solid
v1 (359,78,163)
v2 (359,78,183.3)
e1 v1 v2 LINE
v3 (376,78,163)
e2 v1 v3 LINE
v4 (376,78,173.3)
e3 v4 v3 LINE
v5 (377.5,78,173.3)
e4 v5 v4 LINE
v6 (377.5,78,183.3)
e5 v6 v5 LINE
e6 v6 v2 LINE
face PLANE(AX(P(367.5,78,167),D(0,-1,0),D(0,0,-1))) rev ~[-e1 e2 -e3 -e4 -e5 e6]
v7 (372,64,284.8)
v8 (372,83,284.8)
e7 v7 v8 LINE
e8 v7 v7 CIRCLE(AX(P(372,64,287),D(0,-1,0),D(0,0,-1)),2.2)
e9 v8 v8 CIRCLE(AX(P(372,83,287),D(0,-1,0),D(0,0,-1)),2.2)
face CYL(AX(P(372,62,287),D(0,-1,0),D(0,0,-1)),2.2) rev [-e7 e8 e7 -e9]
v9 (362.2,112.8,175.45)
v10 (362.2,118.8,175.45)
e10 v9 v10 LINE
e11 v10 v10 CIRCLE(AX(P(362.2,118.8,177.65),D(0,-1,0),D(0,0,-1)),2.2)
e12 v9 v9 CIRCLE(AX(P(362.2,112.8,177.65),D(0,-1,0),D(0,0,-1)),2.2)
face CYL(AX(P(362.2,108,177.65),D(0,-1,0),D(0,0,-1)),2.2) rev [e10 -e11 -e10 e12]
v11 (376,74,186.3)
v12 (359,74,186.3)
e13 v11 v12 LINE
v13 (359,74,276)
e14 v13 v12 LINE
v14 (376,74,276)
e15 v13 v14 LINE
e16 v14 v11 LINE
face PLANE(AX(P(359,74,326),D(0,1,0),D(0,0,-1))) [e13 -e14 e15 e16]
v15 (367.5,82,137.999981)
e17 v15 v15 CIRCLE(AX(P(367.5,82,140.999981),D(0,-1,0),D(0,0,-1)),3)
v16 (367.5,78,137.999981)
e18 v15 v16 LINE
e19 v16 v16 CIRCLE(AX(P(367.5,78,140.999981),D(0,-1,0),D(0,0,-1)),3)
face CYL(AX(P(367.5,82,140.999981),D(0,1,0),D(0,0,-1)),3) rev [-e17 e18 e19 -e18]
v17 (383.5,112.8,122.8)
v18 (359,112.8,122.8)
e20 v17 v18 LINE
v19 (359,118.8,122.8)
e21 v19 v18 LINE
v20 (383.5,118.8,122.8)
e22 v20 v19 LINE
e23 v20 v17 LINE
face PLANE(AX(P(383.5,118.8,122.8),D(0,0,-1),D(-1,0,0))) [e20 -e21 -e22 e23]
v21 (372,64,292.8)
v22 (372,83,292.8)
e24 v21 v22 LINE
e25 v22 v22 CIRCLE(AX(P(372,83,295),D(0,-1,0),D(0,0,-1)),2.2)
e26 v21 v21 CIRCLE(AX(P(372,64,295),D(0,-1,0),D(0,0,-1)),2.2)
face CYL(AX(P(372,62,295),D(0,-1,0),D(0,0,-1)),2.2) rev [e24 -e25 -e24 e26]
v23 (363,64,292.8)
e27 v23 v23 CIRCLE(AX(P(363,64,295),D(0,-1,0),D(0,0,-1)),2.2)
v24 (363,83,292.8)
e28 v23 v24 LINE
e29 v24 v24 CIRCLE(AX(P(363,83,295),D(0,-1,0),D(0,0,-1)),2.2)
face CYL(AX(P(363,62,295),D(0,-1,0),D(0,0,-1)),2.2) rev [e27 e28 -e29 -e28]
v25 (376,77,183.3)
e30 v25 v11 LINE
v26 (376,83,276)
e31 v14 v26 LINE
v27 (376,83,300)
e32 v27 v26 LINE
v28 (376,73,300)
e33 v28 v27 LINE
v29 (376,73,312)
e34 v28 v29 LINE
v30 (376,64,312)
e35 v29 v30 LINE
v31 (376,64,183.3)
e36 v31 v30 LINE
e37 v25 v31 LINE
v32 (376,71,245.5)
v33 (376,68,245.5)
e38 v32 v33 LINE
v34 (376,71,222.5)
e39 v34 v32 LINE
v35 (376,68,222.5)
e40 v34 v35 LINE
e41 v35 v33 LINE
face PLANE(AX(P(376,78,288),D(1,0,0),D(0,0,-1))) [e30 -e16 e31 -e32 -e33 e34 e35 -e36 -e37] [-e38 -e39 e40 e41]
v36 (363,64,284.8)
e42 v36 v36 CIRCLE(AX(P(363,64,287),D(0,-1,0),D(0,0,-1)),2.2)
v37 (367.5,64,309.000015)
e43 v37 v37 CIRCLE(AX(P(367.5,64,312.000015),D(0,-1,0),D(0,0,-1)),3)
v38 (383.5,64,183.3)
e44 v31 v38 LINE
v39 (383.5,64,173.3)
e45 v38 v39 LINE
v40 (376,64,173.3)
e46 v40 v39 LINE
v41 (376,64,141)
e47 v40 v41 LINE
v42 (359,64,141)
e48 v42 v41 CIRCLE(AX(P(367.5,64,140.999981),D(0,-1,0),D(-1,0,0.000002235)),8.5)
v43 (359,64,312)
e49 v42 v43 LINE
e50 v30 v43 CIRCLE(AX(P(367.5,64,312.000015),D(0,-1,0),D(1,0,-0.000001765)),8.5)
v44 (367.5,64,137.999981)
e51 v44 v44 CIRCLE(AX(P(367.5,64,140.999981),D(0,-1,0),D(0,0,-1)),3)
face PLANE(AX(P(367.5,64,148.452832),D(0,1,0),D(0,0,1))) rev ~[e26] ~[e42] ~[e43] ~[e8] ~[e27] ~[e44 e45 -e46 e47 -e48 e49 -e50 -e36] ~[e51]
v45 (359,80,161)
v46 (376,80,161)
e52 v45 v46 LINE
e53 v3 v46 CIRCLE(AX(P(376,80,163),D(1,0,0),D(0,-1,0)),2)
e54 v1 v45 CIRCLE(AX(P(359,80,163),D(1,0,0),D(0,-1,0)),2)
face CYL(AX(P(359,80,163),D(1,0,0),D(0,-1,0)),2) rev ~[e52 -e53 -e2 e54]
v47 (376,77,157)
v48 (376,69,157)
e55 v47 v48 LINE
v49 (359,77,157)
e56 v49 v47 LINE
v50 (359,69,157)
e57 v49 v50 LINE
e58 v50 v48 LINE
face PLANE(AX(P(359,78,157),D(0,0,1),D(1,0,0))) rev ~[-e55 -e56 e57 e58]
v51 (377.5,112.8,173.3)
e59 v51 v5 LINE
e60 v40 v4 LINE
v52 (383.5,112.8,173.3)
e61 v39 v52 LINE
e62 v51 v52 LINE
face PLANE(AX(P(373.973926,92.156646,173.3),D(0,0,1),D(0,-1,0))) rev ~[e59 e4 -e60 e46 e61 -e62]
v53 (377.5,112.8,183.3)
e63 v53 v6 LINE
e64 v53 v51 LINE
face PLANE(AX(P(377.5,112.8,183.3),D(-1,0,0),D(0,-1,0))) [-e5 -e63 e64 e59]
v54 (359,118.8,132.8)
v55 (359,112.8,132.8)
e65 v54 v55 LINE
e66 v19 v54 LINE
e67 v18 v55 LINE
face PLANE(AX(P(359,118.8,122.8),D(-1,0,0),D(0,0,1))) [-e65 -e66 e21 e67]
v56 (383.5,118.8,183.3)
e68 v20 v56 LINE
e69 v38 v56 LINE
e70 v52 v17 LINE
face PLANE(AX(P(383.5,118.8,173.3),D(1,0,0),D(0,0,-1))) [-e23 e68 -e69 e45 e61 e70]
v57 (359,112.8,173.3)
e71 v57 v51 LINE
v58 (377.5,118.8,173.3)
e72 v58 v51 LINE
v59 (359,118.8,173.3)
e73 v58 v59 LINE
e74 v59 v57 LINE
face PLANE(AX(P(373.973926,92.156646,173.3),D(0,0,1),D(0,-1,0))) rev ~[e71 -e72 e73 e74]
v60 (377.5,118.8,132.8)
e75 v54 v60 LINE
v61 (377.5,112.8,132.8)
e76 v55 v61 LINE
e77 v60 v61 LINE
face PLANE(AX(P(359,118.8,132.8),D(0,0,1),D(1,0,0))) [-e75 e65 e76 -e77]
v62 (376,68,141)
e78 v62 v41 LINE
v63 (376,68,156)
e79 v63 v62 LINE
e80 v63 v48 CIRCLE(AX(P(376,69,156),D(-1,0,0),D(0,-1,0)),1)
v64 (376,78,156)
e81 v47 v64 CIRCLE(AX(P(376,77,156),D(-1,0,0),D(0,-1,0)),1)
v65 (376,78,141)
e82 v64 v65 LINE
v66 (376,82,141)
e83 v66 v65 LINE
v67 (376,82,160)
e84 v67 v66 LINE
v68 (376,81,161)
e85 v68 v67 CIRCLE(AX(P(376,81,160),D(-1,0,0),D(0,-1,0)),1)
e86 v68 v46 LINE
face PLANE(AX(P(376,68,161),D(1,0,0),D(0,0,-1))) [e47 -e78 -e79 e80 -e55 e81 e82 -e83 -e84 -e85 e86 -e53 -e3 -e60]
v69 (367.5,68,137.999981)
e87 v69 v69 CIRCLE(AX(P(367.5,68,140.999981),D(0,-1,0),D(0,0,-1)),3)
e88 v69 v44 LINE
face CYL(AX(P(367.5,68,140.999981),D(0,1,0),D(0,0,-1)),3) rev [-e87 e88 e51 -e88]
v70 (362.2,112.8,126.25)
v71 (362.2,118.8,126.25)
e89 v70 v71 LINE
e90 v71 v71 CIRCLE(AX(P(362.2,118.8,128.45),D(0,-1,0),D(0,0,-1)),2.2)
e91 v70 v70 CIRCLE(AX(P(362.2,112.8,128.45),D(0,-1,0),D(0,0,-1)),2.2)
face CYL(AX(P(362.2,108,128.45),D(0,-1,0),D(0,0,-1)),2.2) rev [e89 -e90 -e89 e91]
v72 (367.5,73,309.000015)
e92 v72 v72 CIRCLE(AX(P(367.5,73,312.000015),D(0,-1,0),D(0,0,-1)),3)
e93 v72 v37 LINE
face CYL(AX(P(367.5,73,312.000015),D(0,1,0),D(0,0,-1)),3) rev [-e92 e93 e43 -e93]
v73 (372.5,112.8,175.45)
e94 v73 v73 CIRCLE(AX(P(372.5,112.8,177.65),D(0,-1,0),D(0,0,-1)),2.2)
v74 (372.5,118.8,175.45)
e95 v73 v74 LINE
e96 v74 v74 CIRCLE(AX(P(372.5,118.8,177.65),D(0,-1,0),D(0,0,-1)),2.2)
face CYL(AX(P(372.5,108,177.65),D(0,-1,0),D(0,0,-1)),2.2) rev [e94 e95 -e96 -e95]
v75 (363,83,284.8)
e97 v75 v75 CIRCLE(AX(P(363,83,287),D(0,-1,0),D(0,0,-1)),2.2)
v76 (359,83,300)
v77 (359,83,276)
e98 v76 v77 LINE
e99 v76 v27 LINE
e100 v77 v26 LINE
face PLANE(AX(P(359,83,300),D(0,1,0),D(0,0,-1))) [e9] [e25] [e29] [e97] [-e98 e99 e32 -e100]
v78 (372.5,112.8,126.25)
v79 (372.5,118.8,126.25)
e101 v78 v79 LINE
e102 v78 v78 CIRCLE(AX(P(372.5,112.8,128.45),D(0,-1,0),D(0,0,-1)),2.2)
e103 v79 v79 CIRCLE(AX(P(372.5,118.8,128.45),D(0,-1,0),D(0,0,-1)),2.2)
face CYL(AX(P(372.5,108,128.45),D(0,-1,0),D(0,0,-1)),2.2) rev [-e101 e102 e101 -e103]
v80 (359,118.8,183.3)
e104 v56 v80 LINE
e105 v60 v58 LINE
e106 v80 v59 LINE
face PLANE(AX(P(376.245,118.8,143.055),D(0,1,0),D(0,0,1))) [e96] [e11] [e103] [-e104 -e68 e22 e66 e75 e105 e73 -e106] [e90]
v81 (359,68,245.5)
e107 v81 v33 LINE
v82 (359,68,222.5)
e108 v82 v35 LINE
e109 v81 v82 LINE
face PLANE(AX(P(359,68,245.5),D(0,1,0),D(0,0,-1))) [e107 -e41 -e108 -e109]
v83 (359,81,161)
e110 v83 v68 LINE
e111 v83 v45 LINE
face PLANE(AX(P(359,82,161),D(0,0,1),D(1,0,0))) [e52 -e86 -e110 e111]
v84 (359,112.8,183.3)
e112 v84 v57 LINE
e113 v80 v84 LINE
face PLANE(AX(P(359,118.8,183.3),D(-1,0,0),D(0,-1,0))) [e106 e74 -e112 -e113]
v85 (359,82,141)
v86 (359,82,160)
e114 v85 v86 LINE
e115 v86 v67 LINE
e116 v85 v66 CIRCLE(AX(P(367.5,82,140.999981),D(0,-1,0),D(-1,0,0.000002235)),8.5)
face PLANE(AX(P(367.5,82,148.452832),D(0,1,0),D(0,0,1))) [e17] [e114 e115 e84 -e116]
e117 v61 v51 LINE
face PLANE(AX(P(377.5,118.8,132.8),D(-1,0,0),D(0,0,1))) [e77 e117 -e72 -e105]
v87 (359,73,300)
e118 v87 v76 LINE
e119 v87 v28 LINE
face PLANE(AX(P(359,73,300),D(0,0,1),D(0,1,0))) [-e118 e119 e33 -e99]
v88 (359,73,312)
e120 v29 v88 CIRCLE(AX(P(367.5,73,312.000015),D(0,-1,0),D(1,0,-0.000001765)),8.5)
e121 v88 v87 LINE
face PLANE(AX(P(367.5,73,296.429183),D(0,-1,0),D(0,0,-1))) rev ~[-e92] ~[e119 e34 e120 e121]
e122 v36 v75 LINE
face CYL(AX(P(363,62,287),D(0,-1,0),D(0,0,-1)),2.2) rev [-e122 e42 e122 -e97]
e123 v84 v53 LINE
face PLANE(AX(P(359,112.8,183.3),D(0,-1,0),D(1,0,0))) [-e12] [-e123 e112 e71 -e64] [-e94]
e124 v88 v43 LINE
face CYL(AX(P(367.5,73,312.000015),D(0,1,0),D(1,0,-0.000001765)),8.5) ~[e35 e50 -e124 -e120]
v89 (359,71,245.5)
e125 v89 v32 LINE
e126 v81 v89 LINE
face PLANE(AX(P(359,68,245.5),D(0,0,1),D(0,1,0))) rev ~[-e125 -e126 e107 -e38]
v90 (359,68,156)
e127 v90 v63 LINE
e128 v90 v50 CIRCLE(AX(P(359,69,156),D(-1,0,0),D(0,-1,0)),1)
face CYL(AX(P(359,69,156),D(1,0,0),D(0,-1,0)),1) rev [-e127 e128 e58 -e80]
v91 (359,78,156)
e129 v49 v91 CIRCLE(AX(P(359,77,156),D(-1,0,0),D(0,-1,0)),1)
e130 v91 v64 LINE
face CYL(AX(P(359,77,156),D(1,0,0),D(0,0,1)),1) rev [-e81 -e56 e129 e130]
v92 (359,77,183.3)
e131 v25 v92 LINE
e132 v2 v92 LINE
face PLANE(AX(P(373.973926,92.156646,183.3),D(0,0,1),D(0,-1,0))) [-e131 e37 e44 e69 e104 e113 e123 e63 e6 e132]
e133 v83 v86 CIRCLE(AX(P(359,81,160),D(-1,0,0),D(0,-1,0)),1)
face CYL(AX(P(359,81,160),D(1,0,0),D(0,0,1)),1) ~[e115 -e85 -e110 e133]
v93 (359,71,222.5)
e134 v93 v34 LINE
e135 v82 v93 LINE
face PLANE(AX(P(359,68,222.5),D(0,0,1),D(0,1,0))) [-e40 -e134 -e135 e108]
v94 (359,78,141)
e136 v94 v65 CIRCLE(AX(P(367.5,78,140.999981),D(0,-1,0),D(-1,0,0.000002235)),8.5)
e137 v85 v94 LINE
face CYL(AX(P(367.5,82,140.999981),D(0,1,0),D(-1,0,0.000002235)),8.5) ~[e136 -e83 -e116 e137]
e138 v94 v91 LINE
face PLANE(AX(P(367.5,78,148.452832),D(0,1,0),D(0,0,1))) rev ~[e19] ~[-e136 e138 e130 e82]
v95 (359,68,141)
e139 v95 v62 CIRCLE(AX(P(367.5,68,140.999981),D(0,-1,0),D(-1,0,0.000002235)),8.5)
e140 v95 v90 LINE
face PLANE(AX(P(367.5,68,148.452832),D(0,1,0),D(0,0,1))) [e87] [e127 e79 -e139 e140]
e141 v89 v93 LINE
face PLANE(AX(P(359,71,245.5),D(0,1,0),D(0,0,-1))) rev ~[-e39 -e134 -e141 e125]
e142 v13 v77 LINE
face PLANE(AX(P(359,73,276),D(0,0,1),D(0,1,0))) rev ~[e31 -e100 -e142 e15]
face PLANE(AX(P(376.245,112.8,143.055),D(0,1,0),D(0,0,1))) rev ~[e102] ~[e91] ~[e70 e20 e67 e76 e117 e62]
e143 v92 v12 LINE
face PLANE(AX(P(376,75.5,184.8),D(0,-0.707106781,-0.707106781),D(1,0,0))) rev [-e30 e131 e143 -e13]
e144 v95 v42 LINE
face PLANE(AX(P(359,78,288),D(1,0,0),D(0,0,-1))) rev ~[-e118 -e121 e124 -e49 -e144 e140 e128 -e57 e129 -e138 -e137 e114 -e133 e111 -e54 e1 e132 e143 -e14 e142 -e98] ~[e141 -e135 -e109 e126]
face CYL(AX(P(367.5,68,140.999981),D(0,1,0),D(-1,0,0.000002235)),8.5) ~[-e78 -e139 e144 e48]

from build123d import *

# Parameters (mm, degrees)
CYLINDER031_R          = 2.2
CYLINDER031_DEPTH      = 26
CYLINDER031_ROLL_ANGLE = -90
ARRAY004_X_COUNT       = 2
ARRAY004_X_PITCH       = 8
ARRAY004_Z_COUNT       = 2
ARRAY004_Z_PITCH       = 9
BOX022_W               = 24
BOX022_H               = 10
BOX022_DEPTH           = 17
SKETCH016_R            = 3
PAD016_DEPTH           = 9
BOX023_W               = 35
BOX023_H               = 15
BOX023_DEPTH           = 20
BOX014_W               = 23
BOX014_H               = 3
BOX014_DEPTH           = 20
SKETCH_R               = 3
PAD_DEPTH              = 4
SKETCH001_R            = 3
PAD001_DEPTH           = 4
BOX010_W               = 20
BOX010_H               = 17
BOX010_DEPTH           = 10
FILLET001_R            = 1
FILLET001_ROLL_ANGLE   = 90
FILLET002_1_R          = 2
FILLET002_2_R          = 1
BOX008_W               = 167
BOX008_H               = 10
BOX008_DEPTH           = 17
CYLINDER028_R          = 2.2
CYLINDER028_DEPTH      = 18
CYLINDER028_ROLL_ANGLE = -90
ARRAY_X_COUNT          = 2
ARRAY_X_PITCH          = 49.2
ARRAY_Z_COUNT          = 2
ARRAY_Z_PITCH          = 10.3
PAD008_DEPTH           = 6
PAD007_DEPTH           = 10
CHAMFER001_SIZE        = 3
CUT014_PITCH_ANGLE     = 90


with BuildPart() as taladros_suje_traccion002:
    # Cylinder031 → Cylinder031 (new body)
    with BuildSketch(Plane.XY):
        Circle(CYLINDER031_R)
    extrude(amount=CYLINDER031_DEPTH)


with BuildPart() as taladros_suje_traccion002_1:
    # Cylinder031 roll: moved
    add(taladros_suje_traccion002.part.rotate(Axis((0, 0, 0), (1, 0, 0)), CYLINDER031_ROLL_ANGLE))


with BuildPart() as taladros_suje_traccion002_2:
    # Cylinder031 placement: moved
    add(taladros_suje_traccion002_1.part.moved(Location((202, 0, 4))))

    # Array004 X: Taladros_suje_traccion002 ×2


with BuildPart() as taladros_suje_traccion002_3:
    add(taladros_suje_traccion002_2.part)
    with Locations(*[(i * ARRAY004_X_PITCH, 0, 0) for i in range(1, ARRAY004_X_COUNT)]):
        add(taladros_suje_traccion002_2.part)

    # Array004 Z: Taladros_suje_traccion002 ×2


with BuildPart() as taladros_suje_traccion002_4:
    add(taladros_suje_traccion002_3.part)
    with Locations(*[(0, 0, i * ARRAY004_Z_PITCH) for i in range(1, ARRAY004_Z_COUNT)]):
        add(taladros_suje_traccion002_3.part)


with BuildPart() as taladros_suje_traccion002_5:
    # Array004 placement: moved
    add(taladros_suje_traccion002_4.part.moved(Location((-171, -5, 0))))


with BuildPart() as suj_traccion001:
    # Box022 → Box022 (new body)
    with BuildSketch(Plane(origin=(26, 6, 0), x_dir=(1, 0, 0), z_dir=(0, 0, 1))):
        with Locations((12, 5)):
            Rectangle(BOX022_W, BOX022_H)
    extrude(amount=BOX022_DEPTH)


with BuildPart() as circulo_tibia_gancho001:
    # Sketch016 → Pad016 (new body)
    with BuildSketch(Plane(origin=(50, 6, 0), x_dir=(1, 0, 0), z_dir=(0, -1, 0))):
        with BuildLine():
            Line((0, 17), (-36, 17))
            ThreePointArc((-36, 17), (-44.500015, 8.5), (-36, 0))
            Line((-36, 0), (0, 0))
            Line((0, 0), (0, 17))
        make_face()
        with Locations((-36.000015, 8.5)):
            Circle(SKETCH016_R, mode=Mode.SUBTRACT)
    extrude(amount=PAD016_DEPTH)


with BuildPart() as resta_redondeo_punta:
    # Box023 → Box023 (new body)
    with BuildSketch(Plane(origin=(-2, -5, 0), x_dir=(1, 0, 0), z_dir=(0, 0, 1))):
        with Locations((17.5, 7.5)):
            Rectangle(BOX023_W, BOX023_H)
    extrude(amount=BOX023_DEPTH)


with BuildPart() as agarre:
    # Box014 → Box014 (new body)
    with BuildSketch(Plane(origin=(80.5, 1, 0), x_dir=(1, 0, 0), z_dir=(0, 0, 1))):
        with Locations((11.5, 1.5)):
            Rectangle(BOX014_W, BOX014_H)
    extrude(amount=BOX014_DEPTH)


with BuildPart() as ciculo_gancho1:
    # Sketch → Pad (new body)
    with BuildSketch(Plane.XY):
        with BuildLine():
            Line((0, 17), (20, 17))
            ThreePointArc((20, 0), (28.500019, 8.5), (20, 17))
            Line((20, 0), (0, 0))
            Line((0, 0), (0, 17))
        make_face()
        with Locations((20.000019, 8.5)):
            Circle(SKETCH_R, mode=Mode.SUBTRACT)
    extrude(amount=PAD_DEPTH)


with BuildPart() as ciculo_gancho2:
    # Sketch001 → Pad001 (new body)
    with BuildSketch(Plane.XY.offset(14)):
        with BuildLine():
            Line((0, 17), (20, 17))
            ThreePointArc((20, 0), (28.500019, 8.5), (20, 17))
            Line((20, 0), (0, 0))
            Line((0, 0), (0, 17))
        make_face()
        with Locations((20.000019, 8.5)):
            Circle(SKETCH001_R, mode=Mode.SUBTRACT)
    extrude(amount=PAD001_DEPTH)


with BuildPart() as gancho_femur:
    # Box010 → Box010 (new body)
    with BuildSketch(Plane(origin=(-16, 0, 4), x_dir=(1, 0, 0), z_dir=(0, 0, 1))):
        with Locations((10, 8.5)):
            Rectangle(BOX010_W, BOX010_H)
    extrude(amount=BOX010_DEPTH)

    # Fusion006: union Ciculo_gancho1, Ciculo_gancho2
    add(ciculo_gancho1.part)
    add(ciculo_gancho2.part)

    # Fillet001
    fillet001_edges = [gancho_femur.edges().sort_by_distance(p)[0] for p in [
        (0, 8.5, 18),
        (-16, 0, 9),
        (-16, 17, 9),
        (0, 8.5, 0),
    ]]
    fillet(fillet001_edges, radius=FILLET001_R)


with BuildPart() as gancho_femur_1:
    # Fillet001 roll: moved
    add(gancho_femur.part.rotate(Axis((0, 0, 0), (1, 0, 0)), FILLET001_ROLL_ANGLE))


with BuildPart() as gancho_femur_2:
    # Fillet001 placement: moved
    add(gancho_femur_1.part.moved(Location((16, 15, 0))))

    # Fillet002 1
    fillet002_1_edges = [gancho_femur_2.edges().sort_by_distance(p)[0] for p in [
        (16, 1, 8.5),
        (16, 11, 8.5),
    ]]
    fillet(fillet002_1_edges, radius=FILLET002_1_R)

    # Fillet002 2
    fillet002_2_edges = [gancho_femur_2.edges().sort_by_distance(p)[0] for p in [
        (20, 1, 8.5),
        (20, 11, 8.5),
    ]]
    fillet(fillet002_2_edges, radius=FILLET002_2_R)


with BuildPart() as gancho_femur_3:
    # Fillet002 placement: moved
    add(gancho_femur_2.part.moved(Location((149, 0, 0))))


with BuildPart() as femur_agarre:
    # Box008 → Box008 (new body)
    with BuildSketch(Plane(origin=(0, -3, 0), x_dir=(1, 0, 0), z_dir=(0, 0, 1))):
        with Locations((83.5, 5)):
            Rectangle(BOX008_W, BOX008_H)
    extrude(amount=BOX008_DEPTH)

    # Fusion007: union Gancho_femur
    add(gancho_femur_3.part)

    # Cut009: cut Agarre
    add(agarre.part, mode=Mode.SUBTRACT)


with BuildPart() as taladros_suje_motor:
    # Cylinder028 → Cylinder028 (new body)
    with BuildSketch(Plane.XY):
        Circle(CYLINDER028_R)
    extrude(amount=CYLINDER028_DEPTH)


with BuildPart() as taladros_suje_motor_1:
    # Cylinder028 roll: moved
    add(taladros_suje_motor.part.rotate(Axis((0, 0, 0), (1, 0, 0)), CYLINDER028_ROLL_ANGLE))


with BuildPart() as taladros_suje_motor_2:
    # Cylinder028 placement: moved
    add(taladros_suje_motor_1.part.moved(Location((150.075, 41, 13.5))))

    # Array X: Taladros_suje_motor ×2


with BuildPart() as taladros_suje_motor_3:
    add(taladros_suje_motor_2.part)
    with Locations(*[(i * ARRAY_X_PITCH, 0, 0) for i in range(1, ARRAY_X_COUNT)]):
        add(taladros_suje_motor_2.part)

    # Array Z: Taladros_suje_motor ×2


with BuildPart() as taladros_suje_motor_4:
    add(taladros_suje_motor_3.part)
    with Locations(*[(0, 0, -i * ARRAY_Z_PITCH) for i in range(1, ARRAY_Z_COUNT)]):
        add(taladros_suje_motor_3.part)


with BuildPart() as suje_motor2:
    # Sketch008 → Pad008 (new body)
    with BuildSketch(Plane(origin=(10, 54.8, 0), x_dir=(1, 0, 0), z_dir=(0, -1, 0))):
        Polygon((0, 18.5), (0, 24.5), (50.5, 24.5), (50.5, 0), (40.5, 0), (40.5, 18.5), align=None)
    extrude(amount=PAD008_DEPTH)


with BuildPart() as femur_completo_sin_pulir:
    # Sketch007 → Pad007 (new body)
    with BuildSketch(Plane.YZ):
        Polygon((14, 0), (0, 0), (0, 24.5), (54.8, 24.5), (54.8, 0), (48.8, 0), (48.8, 18.5), (14, 18.5), align=None)
    extrude(amount=PAD007_DEPTH)

    # Fusion009003004: union Suje_motor2
    add(suje_motor2.part)


with BuildPart() as femur_completo_sin_pulir_1:
    # Fusion009003004 placement: moved
    add(femur_completo_sin_pulir.part.moved(Location((144.425, -3, 0))))

    # Cut008: cut Taladros_suje_motor
    add(taladros_suje_motor_4.part, mode=Mode.SUBTRACT)


with BuildPart() as femur_completo_sin_pulir_2:
    # Cut008 placement: moved
    add(femur_completo_sin_pulir_1.part.moved(Location((-1.725, 0, 0))))

    # Fusion009003007: union Femur_agarre
    add(femur_agarre.part)

    # Chamfer001
    chamfer001_edges = [femur_completo_sin_pulir_2.edges().sort_by_distance(p)[0] for p in [
        (142.7, 7, 8.5),
    ]]
    chamfer(chamfer001_edges, length=CHAMFER001_SIZE)

    # Cut013: cut resta_redondeo_punta
    add(resta_redondeo_punta.part, mode=Mode.SUBTRACT)

    # Fusion009003016: union Circulo_tibia_gancho001
    add(circulo_tibia_gancho001.part)

    # Fusion009003017: union Suj_traccion001
    add(suj_traccion001.part)

    # Cut014: cut Taladros_suje_traccion002
    add(taladros_suje_traccion002_5.part, mode=Mode.SUBTRACT)


with BuildPart() as femur_completo_sin_pulir_3:
    # Cut014 pitch: moved
    add(femur_completo_sin_pulir_2.part.rotate(Axis((0, 0, 0), (0, 1, 0)), CUT014_PITCH_ANGLE))


with BuildPart() as femur_completo_sin_pulir_4:
    # Cut014 placement: moved
    add(femur_completo_sin_pulir_3.part.moved(Location((359, 67, 326))))


solid = femur_completo_sin_pulir_4.part
